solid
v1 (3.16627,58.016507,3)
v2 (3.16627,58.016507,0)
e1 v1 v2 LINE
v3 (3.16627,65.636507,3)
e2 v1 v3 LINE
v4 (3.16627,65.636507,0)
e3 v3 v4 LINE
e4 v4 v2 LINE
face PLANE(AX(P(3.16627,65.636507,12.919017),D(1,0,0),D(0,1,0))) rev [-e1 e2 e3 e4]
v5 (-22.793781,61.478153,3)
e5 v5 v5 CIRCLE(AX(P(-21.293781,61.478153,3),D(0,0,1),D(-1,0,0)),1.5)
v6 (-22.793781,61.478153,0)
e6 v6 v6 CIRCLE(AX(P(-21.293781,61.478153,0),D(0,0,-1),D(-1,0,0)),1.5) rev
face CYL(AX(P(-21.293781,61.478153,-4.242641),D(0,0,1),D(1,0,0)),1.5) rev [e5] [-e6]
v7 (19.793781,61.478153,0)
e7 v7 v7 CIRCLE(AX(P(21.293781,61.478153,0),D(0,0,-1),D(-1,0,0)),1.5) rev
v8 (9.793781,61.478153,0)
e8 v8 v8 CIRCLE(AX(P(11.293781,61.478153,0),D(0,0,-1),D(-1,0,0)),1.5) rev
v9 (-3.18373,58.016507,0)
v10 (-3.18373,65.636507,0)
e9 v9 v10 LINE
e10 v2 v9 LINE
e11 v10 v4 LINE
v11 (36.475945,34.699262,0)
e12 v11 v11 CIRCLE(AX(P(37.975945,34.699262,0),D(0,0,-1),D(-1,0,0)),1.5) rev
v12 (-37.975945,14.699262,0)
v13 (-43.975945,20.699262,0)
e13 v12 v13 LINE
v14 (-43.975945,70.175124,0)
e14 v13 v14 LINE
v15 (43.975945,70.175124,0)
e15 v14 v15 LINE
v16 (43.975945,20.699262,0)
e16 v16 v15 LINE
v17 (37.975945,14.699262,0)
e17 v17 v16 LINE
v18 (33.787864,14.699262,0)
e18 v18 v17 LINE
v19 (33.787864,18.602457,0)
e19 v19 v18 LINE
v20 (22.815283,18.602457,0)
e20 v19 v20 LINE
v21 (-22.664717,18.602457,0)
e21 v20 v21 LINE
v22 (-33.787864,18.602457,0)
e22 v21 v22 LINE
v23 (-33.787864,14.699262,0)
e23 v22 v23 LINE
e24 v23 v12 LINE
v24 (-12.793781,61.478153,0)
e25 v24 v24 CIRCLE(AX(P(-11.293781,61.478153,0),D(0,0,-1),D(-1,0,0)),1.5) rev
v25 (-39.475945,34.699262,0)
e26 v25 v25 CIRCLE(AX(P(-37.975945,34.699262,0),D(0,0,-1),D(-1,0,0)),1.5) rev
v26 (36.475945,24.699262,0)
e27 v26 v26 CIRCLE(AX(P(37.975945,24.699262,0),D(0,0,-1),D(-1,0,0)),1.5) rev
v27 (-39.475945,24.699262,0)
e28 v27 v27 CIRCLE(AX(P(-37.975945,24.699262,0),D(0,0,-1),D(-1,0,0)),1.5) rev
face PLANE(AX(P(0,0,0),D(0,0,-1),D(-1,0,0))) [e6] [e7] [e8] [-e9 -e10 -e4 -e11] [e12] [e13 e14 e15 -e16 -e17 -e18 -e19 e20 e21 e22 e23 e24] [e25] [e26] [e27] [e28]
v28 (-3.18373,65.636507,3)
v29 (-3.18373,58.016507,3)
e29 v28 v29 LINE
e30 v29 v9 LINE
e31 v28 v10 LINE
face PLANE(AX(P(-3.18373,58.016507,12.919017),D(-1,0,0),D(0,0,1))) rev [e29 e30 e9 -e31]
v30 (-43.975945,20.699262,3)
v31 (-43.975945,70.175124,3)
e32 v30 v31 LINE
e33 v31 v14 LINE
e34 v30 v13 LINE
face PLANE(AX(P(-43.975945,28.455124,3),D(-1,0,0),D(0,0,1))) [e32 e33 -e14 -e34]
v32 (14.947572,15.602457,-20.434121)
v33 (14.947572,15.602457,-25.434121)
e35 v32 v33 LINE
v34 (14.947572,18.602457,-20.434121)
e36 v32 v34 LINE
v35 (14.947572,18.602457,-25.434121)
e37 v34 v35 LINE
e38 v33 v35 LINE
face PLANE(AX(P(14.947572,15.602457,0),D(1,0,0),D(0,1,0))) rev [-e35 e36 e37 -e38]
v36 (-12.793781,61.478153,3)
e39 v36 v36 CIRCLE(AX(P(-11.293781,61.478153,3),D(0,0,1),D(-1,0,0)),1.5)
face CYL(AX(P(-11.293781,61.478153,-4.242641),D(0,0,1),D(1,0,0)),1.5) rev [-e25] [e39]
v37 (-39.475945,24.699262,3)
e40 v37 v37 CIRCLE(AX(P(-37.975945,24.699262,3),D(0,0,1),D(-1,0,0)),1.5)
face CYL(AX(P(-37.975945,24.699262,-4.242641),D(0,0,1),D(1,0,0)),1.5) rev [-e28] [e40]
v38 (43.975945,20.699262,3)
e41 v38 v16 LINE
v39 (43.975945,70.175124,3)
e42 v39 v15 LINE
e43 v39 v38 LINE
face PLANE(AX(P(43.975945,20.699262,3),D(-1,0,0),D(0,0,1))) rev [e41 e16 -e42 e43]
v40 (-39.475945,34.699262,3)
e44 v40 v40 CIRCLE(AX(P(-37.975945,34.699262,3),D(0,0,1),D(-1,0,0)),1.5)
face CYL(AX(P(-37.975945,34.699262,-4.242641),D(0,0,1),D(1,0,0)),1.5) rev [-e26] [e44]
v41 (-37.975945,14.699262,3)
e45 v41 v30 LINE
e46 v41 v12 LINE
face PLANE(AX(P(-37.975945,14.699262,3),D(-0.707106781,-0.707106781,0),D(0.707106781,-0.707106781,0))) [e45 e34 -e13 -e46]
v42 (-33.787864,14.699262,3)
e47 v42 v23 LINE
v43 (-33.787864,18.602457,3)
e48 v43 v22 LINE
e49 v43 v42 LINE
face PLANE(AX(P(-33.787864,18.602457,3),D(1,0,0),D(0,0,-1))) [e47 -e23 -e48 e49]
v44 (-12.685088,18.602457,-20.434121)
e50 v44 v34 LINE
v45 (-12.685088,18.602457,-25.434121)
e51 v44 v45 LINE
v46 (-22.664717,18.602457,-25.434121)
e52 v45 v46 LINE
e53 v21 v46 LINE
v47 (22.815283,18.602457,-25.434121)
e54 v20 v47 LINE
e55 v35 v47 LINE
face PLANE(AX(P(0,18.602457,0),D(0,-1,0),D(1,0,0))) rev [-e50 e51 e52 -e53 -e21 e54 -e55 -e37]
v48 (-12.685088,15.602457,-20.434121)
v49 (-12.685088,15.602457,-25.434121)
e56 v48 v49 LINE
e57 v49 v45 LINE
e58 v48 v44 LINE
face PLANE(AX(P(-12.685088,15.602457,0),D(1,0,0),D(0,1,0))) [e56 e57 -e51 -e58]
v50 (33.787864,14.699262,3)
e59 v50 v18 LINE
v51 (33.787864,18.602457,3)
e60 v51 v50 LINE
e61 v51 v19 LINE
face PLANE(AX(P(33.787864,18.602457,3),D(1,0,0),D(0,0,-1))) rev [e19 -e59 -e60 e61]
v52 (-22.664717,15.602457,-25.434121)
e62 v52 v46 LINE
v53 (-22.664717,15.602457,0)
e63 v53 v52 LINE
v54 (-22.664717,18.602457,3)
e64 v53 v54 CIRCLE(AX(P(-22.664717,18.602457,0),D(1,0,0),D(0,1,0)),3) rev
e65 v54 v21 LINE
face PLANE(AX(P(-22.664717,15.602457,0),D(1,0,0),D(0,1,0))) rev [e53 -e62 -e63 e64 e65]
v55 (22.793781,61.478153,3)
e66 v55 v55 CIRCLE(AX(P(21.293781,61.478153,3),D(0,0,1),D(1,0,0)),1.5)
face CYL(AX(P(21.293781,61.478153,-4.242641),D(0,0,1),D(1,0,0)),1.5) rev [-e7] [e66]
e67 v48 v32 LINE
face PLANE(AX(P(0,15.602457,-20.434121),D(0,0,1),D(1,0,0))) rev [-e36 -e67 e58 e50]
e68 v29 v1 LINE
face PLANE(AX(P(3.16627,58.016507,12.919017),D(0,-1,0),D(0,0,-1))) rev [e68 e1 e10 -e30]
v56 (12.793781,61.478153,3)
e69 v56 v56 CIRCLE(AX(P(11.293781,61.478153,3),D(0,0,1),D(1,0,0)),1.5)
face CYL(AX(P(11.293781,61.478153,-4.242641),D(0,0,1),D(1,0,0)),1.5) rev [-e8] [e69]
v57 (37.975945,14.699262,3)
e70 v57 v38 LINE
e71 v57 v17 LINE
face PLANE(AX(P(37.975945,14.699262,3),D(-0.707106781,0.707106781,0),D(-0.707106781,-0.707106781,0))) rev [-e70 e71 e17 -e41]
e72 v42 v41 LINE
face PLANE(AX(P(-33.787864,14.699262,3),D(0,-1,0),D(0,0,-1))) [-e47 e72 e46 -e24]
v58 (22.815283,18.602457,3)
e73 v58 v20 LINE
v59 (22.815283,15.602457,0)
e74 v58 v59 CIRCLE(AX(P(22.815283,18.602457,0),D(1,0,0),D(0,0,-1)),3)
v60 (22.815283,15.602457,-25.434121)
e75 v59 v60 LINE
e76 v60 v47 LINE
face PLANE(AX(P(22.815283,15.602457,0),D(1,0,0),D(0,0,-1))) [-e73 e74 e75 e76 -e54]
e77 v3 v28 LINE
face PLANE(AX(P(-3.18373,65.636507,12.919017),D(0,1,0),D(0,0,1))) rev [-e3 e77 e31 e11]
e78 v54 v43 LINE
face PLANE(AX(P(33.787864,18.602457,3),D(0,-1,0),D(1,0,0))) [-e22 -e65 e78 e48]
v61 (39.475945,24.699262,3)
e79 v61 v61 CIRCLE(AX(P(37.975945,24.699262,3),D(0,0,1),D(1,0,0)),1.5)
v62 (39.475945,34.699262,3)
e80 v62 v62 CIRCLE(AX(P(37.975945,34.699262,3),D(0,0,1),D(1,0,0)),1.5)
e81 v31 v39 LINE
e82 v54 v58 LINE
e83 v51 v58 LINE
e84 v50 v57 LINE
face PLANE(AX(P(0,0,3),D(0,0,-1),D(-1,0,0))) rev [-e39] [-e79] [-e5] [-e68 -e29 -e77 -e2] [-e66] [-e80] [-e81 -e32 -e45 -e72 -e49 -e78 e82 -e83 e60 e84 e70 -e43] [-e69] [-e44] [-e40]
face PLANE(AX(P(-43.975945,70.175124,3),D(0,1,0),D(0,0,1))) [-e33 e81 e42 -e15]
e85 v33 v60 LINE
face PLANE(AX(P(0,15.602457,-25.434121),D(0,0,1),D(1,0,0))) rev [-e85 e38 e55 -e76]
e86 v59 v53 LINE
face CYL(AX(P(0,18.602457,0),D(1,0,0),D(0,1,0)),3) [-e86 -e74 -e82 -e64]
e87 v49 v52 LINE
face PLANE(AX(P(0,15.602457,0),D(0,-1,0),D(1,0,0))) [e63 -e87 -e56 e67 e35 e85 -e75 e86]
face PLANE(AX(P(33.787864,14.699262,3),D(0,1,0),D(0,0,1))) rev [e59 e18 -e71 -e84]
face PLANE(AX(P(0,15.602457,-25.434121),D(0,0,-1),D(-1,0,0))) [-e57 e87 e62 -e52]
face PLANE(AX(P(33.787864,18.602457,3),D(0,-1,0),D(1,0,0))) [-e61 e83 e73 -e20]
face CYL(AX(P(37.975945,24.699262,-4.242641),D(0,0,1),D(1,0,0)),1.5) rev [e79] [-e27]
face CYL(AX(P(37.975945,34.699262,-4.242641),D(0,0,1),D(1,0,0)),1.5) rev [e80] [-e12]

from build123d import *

# Parameters (mm, degrees)
BOSS_EXTRUDE1_DEPTH = 3
SKETCH2_R           = 1.5
CUT_EXTRUDE1_DEPTH  = 3
SKETCH3_W           = 6.35
SKETCH3_H           = 7.620000001
CUT_EXTRUDE2_DEPTH  = 3
BOSS_EXTRUDE2_DEPTH = 3
FILLET2_R           = 3


with BuildPart() as part:
    # Sketch1 → Boss-Extrude1 (new body)
    with BuildSketch(Plane.XY):
        Polygon((-33.787864348, 18.602457347), (-33.787864348, 14.699262249), (-37.97594504, 14.699262249), (-43.97594504, 20.699262249), (-43.97594504, 28.455124303), (-43.97594504, 70.175124303), (43.97594504, 70.175124303), (43.97594504, 28.455124303), (43.97594504, 20.699262249), (37.97594504, 14.699262249), (33.787864348, 14.699262249), (33.787864348, 18.602457347), align=None)
    extrude(amount=BOSS_EXTRUDE1_DEPTH)

    # Sketch2 → Cut-Extrude1 (cut)
    with BuildSketch(Plane.XY.offset(3)):
        with Locations((37.97594504, 24.699262249)):
            Circle(SKETCH2_R)
        with Locations((37.97594504, 34.699262249)):
            Circle(SKETCH2_R)
        with Locations(Location((-37.97594504, 24.699262249, 0), (0, 0, 180))):
            Circle(SKETCH2_R)
        with Locations(Location((-37.97594504, 34.699262249, 0), (0, 0, 180))):
            Circle(SKETCH2_R)
        with Locations((21.293781262, 61.478152505)):
            Circle(SKETCH2_R)
        with Locations((11.293781262, 61.478152505)):
            Circle(SKETCH2_R)
        with Locations(Location((-11.293781262, 61.478152505, 0), (0, 0, 180))):
            Circle(SKETCH2_R)
        with Locations(Location((-21.293781262, 61.478152505, 0), (0, 0, 180))):
            Circle(SKETCH2_R)
    extrude(amount=-CUT_EXTRUDE1_DEPTH, mode=Mode.SUBTRACT)

    # Sketch3 → Cut-Extrude2 (cut)
    with BuildSketch(Plane(origin=(0, 0, 0), x_dir=(-1, 0, 0), z_dir=(0, 0, -1))):
        with Locations((0.00872995, 61.826506665)):
            Rectangle(SKETCH3_W, SKETCH3_H)
    extrude(amount=-CUT_EXTRUDE2_DEPTH, mode=Mode.SUBTRACT)

    # Sketch4 → Boss-Extrude2 (add)
    with BuildSketch(Plane.XZ.offset(-18.602457347)):
        Polygon((-12.685088164, -20.434120829), (14.947571964, -20.434120829), (14.947571964, -25.434120829), (22.815283287, -25.434120829), (22.815283287, 3), (-22.664716713, 3), (-22.664716713, -25.434120829), (-12.685088164, -25.434120829), align=None)
    extrude(amount=BOSS_EXTRUDE2_DEPTH)

    # Fillet2
    fillet2_edges = [part.edges().sort_by_distance(p)[0] for p in [
        (0.075283287, 15.602457347, 3),
    ]]
    fillet(fillet2_edges, radius=FILLET2_R)


solid = part.part
